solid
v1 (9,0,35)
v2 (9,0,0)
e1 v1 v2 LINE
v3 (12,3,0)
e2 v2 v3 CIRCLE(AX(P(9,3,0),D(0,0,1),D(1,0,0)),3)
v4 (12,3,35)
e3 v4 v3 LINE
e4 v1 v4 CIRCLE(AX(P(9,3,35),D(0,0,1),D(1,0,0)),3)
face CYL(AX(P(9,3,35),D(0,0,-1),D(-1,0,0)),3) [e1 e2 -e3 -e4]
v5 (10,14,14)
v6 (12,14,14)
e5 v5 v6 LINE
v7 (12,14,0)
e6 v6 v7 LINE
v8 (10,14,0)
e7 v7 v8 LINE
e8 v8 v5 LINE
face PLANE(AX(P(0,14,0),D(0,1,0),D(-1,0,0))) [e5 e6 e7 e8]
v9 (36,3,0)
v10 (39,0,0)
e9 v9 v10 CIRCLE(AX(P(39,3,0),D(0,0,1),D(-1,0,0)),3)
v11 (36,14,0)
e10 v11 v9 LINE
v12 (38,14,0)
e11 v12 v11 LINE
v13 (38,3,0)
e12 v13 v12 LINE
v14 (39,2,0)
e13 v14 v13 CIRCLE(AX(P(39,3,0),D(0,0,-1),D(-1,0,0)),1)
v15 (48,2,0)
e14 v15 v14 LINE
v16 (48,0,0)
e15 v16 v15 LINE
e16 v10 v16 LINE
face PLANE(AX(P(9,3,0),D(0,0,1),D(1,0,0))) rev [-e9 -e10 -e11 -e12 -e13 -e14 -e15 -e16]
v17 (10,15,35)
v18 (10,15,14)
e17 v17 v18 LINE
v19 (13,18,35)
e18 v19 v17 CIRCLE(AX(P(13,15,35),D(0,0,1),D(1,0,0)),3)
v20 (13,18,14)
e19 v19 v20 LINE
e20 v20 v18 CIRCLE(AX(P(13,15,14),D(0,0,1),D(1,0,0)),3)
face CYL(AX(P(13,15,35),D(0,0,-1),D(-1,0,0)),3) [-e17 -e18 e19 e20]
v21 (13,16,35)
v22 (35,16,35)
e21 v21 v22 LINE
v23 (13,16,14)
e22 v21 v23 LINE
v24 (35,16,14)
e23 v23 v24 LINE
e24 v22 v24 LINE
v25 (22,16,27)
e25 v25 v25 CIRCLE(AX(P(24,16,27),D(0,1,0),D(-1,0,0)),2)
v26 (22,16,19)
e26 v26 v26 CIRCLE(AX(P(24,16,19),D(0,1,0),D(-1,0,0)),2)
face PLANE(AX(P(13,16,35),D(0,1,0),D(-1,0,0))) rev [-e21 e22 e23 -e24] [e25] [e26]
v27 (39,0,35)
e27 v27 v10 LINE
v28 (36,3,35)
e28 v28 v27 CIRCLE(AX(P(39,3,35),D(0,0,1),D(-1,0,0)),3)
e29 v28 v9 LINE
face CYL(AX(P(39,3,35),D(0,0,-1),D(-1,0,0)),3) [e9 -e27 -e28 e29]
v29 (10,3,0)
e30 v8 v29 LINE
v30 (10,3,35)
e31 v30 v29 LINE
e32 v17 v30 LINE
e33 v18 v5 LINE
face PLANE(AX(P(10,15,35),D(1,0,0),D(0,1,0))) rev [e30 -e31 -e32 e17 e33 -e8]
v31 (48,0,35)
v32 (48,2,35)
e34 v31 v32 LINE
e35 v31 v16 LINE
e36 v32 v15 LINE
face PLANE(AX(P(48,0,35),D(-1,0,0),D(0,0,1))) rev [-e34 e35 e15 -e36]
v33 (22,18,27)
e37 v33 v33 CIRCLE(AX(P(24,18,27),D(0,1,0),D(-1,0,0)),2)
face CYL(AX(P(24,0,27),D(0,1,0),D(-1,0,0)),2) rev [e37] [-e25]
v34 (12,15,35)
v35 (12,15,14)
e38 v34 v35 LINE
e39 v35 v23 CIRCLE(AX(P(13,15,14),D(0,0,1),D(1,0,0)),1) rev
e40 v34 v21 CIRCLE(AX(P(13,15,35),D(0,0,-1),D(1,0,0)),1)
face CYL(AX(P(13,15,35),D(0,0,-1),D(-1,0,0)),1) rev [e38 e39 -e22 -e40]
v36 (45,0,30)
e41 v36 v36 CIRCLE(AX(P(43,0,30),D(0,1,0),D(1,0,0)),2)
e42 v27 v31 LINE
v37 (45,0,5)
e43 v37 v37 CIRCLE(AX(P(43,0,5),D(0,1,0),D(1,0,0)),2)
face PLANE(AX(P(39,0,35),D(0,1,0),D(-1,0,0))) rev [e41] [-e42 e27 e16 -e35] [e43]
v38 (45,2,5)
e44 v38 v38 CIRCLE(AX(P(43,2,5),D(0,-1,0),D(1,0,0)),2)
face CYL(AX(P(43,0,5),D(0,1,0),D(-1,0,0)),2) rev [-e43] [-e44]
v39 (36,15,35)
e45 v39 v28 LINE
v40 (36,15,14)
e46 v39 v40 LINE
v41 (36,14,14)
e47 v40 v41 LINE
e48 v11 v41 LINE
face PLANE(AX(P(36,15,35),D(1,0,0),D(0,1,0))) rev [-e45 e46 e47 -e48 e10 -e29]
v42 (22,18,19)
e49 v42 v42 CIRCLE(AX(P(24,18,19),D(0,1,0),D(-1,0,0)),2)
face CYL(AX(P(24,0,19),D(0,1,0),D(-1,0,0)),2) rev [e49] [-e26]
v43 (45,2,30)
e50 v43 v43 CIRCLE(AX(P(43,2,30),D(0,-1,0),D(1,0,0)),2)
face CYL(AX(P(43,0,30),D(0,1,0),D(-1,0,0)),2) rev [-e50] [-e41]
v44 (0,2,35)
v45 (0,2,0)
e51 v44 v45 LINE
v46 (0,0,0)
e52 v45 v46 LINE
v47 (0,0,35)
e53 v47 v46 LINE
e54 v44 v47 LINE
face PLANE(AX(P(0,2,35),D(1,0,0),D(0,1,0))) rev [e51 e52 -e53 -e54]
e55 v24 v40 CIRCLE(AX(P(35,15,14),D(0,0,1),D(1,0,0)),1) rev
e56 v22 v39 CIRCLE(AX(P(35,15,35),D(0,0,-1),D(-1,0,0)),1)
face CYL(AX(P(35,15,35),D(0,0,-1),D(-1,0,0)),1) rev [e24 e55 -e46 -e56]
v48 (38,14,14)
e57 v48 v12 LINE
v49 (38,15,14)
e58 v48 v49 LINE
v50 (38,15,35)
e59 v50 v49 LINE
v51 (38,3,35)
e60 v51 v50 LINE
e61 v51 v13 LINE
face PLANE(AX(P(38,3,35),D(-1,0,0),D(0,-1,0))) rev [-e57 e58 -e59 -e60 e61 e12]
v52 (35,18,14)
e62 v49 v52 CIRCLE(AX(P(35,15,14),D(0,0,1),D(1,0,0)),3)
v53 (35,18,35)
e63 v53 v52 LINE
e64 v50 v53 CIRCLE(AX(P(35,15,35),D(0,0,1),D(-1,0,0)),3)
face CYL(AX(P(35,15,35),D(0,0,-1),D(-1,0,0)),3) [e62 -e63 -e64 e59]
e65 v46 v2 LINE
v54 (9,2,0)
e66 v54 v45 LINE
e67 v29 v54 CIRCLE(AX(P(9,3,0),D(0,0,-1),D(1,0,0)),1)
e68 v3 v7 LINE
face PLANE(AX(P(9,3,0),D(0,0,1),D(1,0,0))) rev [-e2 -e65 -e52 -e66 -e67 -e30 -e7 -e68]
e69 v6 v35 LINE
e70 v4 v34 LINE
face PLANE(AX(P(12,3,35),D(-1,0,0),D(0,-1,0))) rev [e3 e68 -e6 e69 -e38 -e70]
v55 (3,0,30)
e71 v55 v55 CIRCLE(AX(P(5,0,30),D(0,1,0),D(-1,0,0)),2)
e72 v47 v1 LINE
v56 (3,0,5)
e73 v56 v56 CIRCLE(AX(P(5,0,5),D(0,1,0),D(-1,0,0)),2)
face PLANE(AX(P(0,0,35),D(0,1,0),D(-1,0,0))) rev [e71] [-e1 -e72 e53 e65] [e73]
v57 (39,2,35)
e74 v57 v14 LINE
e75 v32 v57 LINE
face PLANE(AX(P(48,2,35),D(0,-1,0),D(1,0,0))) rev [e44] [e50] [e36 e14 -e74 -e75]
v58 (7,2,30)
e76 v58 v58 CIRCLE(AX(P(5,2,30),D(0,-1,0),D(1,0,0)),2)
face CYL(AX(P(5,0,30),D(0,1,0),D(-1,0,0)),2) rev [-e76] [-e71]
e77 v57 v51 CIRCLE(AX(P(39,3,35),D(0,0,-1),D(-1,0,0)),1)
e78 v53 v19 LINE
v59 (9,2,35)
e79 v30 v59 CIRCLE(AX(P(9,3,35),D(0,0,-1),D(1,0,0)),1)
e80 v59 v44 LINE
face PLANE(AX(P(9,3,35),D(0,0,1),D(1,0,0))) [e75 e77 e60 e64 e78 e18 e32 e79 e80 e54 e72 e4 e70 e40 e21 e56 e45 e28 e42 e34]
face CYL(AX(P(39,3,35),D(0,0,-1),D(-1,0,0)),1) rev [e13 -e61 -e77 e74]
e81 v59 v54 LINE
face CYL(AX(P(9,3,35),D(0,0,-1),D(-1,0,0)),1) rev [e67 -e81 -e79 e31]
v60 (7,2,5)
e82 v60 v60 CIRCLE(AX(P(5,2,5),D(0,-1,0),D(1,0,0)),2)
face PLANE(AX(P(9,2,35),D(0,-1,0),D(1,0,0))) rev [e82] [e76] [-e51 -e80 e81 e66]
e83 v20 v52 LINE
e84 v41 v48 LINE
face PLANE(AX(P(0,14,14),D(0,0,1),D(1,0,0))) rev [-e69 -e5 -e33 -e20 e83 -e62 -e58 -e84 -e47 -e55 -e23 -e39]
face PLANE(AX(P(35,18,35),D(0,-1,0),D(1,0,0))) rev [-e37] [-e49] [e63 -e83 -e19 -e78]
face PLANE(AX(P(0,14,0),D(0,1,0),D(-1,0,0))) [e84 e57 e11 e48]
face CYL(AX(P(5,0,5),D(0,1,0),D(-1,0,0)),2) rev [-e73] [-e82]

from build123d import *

# Parameters (mm, degrees)
EXTRUDE_1_DEPTH     = 35
SKETCH_2_W          = 48
SKETCH_2_H          = 14
CUT_EXTRUDE_1_DEPTH = 4
SKETCH_3_R          = 2
CUT_EXTRUDE_2_DEPTH = 19


with BuildPart() as part:
    # Эскиз1 → Бобышка-Вытянуть1 (new body)
    with BuildSketch(Plane.XY):
        with BuildLine():
            Line((0, 0), (9, 0))
            ThreePointArc((9, 0), (11.121320344, 0.878679656), (12, 3))
            Line((12, 3), (12, 15))
            ThreePointArc((12, 15), (12.292893219, 15.707106781), (13, 16))
            Line((13, 16), (35, 16))
            ThreePointArc((35, 16), (35.707106781, 15.707106781), (36, 15))
            Line((36, 15), (36, 3))
            ThreePointArc((36, 3), (36.878679656, 0.878679656), (39, 0))
            Line((39, 0), (48, 0))
            Line((48, 0), (48, 2))
            Line((48, 2), (39, 2))
            ThreePointArc((39, 2), (38.292893219, 2.292893219), (38, 3))
            Line((38, 3), (38, 15))
            ThreePointArc((38, 15), (37.121320344, 17.121320344), (35, 18))
            Line((35, 18), (13, 18))
            ThreePointArc((13, 18), (10.878679656, 17.121320344), (10, 15))
            Line((10, 15), (10, 3))
            ThreePointArc((10, 3), (9.707106781, 2.292893219), (9, 2))
            Line((9, 2), (0, 2))
            Line((0, 2), (0, 0))
        make_face()
    extrude(amount=EXTRUDE_1_DEPTH)

    # Эскиз2 → Вырез-Вытянуть1 (cut)
    with BuildSketch(Plane(origin=(0, 18, 0), x_dir=(1, 0, 0), z_dir=(0, 1, 0))):
        with Locations((24, -7)):
            Rectangle(SKETCH_2_W, SKETCH_2_H)
    extrude(amount=-CUT_EXTRUDE_1_DEPTH, mode=Mode.SUBTRACT)

    # Эскиз3 → Вырез-Вытянуть2 (cut, through all)
    with BuildSketch(Plane(origin=(0, 18, 0), x_dir=(1, 0, 0), z_dir=(0, 1, 0))):
        with Locations((24, -19)):
            Circle(SKETCH_3_R)
        with Locations((24, -27)):
            Circle(SKETCH_3_R)
        with Locations((5, -30)):
            Circle(SKETCH_3_R)
        with Locations((5, -5)):
            Circle(SKETCH_3_R)
        with Locations((43, -30)):
            Circle(SKETCH_3_R)
        with Locations((43, -5)):
            Circle(SKETCH_3_R)
    extrude(amount=-CUT_EXTRUDE_2_DEPTH, mode=Mode.SUBTRACT)


solid = part.part
